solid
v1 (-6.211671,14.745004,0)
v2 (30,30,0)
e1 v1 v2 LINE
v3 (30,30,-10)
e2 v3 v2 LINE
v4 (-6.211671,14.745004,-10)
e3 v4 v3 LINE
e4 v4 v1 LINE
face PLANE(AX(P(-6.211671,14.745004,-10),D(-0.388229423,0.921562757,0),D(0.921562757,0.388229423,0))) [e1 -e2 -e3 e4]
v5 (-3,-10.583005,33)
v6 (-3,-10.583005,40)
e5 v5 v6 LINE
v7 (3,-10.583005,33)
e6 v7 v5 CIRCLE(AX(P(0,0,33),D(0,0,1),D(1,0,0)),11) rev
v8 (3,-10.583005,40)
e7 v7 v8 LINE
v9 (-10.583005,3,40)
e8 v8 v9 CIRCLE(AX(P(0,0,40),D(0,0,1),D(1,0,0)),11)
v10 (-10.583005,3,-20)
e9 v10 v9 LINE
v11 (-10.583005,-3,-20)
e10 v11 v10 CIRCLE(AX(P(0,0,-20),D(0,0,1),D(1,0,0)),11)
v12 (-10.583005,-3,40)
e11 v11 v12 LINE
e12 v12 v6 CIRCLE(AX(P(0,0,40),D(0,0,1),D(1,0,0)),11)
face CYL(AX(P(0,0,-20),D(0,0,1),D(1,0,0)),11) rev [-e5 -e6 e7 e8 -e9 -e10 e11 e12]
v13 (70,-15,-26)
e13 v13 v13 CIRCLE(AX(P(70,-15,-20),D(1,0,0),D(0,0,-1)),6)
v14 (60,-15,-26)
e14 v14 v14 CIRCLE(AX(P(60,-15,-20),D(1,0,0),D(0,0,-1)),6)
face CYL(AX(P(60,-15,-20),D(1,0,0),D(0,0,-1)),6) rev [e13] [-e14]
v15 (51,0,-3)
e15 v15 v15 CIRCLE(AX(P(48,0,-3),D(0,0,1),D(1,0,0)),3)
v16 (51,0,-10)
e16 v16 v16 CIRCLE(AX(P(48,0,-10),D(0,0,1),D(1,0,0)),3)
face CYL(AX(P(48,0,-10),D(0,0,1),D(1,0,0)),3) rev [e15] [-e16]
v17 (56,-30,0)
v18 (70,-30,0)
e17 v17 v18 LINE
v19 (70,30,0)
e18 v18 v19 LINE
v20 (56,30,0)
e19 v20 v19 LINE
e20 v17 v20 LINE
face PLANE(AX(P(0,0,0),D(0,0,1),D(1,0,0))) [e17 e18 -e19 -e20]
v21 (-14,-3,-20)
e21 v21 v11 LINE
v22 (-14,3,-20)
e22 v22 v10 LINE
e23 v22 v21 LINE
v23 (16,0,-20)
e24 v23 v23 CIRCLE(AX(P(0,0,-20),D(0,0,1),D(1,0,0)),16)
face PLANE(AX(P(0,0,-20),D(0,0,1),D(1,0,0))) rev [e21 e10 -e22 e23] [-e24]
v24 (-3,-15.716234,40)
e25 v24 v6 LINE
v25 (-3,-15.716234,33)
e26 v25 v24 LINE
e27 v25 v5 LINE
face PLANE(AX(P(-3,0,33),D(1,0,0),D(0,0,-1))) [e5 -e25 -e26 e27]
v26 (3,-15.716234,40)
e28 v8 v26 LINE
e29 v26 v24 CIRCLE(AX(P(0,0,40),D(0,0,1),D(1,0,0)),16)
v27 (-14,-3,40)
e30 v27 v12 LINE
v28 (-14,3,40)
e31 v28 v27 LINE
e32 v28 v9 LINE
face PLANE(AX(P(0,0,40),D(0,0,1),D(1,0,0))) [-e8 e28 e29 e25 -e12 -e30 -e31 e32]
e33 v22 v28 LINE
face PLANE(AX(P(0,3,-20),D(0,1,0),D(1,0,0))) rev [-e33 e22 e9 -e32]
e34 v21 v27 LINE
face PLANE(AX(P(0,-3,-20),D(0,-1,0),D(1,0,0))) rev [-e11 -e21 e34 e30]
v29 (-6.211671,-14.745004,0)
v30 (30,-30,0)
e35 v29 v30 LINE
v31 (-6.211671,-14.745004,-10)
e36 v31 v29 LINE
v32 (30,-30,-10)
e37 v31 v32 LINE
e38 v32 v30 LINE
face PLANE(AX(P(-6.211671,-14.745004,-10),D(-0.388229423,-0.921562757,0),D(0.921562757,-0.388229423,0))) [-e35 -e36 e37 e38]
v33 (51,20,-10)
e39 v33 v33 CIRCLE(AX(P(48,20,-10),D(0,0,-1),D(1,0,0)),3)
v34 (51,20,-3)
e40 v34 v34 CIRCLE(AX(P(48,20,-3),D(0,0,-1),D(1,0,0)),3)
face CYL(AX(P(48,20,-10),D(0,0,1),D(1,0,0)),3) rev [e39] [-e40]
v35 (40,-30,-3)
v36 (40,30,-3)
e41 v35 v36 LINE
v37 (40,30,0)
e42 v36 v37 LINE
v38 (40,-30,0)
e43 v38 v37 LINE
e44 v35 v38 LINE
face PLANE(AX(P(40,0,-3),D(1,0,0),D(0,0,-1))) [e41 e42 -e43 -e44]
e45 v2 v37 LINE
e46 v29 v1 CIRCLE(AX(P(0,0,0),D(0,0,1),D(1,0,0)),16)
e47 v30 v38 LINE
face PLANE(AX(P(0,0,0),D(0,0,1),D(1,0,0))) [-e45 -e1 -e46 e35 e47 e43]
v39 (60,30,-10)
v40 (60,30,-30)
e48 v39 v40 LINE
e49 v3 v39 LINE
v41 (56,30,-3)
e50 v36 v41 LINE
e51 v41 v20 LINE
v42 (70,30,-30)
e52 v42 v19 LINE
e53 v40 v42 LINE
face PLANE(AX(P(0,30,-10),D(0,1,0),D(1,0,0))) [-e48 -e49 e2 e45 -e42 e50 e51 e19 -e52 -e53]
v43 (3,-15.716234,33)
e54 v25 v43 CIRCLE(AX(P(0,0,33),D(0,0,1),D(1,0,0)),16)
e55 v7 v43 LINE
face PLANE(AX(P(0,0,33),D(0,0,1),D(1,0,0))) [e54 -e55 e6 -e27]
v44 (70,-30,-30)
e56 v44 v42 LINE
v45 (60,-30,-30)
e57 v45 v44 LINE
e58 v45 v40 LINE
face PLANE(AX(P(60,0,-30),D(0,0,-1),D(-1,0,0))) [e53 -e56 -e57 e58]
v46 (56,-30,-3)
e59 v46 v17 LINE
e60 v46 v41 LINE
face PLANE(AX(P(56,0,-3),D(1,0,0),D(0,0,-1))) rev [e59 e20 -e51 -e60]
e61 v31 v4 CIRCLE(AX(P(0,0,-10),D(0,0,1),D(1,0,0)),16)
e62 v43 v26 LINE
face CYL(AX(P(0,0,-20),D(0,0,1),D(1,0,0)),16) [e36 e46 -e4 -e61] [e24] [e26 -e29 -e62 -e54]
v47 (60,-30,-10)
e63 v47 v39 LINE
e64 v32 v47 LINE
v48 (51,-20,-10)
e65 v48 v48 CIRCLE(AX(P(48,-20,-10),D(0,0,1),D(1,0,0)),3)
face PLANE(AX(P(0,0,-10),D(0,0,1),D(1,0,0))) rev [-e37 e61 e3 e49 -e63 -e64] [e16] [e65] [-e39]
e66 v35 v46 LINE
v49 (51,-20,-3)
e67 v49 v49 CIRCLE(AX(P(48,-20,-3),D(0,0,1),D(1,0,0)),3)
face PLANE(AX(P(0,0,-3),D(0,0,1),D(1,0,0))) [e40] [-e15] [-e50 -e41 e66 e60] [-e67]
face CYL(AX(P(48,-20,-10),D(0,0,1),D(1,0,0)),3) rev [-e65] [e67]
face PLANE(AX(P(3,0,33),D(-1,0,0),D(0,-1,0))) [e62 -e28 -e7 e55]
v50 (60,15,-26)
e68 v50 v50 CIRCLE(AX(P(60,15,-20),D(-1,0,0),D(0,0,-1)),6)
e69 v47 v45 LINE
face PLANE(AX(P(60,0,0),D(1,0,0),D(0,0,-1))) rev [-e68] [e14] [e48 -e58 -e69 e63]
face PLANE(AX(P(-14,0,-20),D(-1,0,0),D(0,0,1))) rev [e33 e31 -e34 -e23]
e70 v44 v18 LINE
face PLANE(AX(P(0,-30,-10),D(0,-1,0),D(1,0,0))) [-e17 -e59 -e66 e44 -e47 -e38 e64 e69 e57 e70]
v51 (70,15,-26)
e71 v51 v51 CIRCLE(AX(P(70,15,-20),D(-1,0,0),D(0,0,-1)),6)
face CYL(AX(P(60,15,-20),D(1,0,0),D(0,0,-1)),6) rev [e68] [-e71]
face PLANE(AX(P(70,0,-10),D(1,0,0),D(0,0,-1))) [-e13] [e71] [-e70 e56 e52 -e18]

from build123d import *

# Parameters (mm, degrees)
SKETCH2_R                = 3
BOSS_EXTRUDE1_DEPTH      = 10
SKETCH2_5_R              = 3
CUT_EXTRUDE1_DEPTH       = 3
BOSS_EXTRUDE2_DEPTH      = 40
BOSS_EXTRUDE2_DEPTH_BACK = 20
SKETCH3_W                = 30
SKETCH3_H                = 20
SKETCH3_R                = 6
BOSS_EXTRUDE3_DEPTH      = 10
CUT_EXTRUDE2_START       = -7
CUT_EXTRUDE2_DEPTH       = 7


with BuildPart() as part:
    # Sketch2 → Boss-Extrude1 (new body)
    with BuildSketch(Plane(origin=(0, 0, 0), x_dir=(0, 1, 0), z_dir=(0, 0, 1))):
        with BuildLine():
            ThreePointArc((0, -16), (-13.330167524, -8.849103559), (-14.745004109, 6.211670776))
            Line((-14.745004109, 6.211670776), (-30, -30))
            Line((-30, -30), (-30, -70))
            Line((-30, -70), (0, -70))
            Line((0, -70), (0, -51))
            ThreePointArc((0, -51), (-3, -48), (0, -45))
            Line((0, -45), (0, -16))
        make_face()
        with Locations((-20, -48)):
            Circle(SKETCH2_R, mode=Mode.SUBTRACT)
    extrude(amount=-BOSS_EXTRUDE1_DEPTH)

    # Sketch2<5> → Cut-Extrude1 (cut)
    with BuildSketch(Plane(origin=(0, 0, 0), x_dir=(0, 1, 0), z_dir=(0, 0, 1))):
        with BuildLine():
            Line((0, -40), (-30, -40))
            Line((-30, -40), (-30, -56))
            Line((-30, -56), (0, -56))
            Line((0, -56), (0, -51))
            ThreePointArc((0, -51), (-3, -48), (0, -45))
            Line((0, -45), (0, -40))
        make_face()
        with Locations((-20, -48)):
            Circle(SKETCH2_5_R, mode=Mode.SUBTRACT)
    extrude(amount=-CUT_EXTRUDE1_DEPTH, mode=Mode.SUBTRACT)

    # Sketch2<6> → Boss-Extrude2 (add, two sides: drawn at the far end of the back side and taken through both)
    with BuildSketch(Plane(origin=(0, 0, 0), x_dir=(0, 1, 0), z_dir=(0, 0, 1)).offset(-BOSS_EXTRUDE2_DEPTH_BACK)):
        with BuildLine():
            ThreePointArc((0, 16), (-8.849103559, 13.330167524), (-14.745004109, 6.211670776))
            ThreePointArc((-14.745004109, 6.211670776), (-13.330167524, -8.849103559), (0, -16))
            Line((0, -16), (0, -11))
            ThreePointArc((0, -11), (-10.895252583, -1.514421063), (-3, 10.583005244))
            Line((-3, 10.583005244), (-3, 14))
            Line((-3, 14), (0, 14))
            Line((0, 14), (0, 16))
        make_face()
    extrude(amount=BOSS_EXTRUDE2_DEPTH + BOSS_EXTRUDE2_DEPTH_BACK)

    # Sketch3 → Boss-Extrude3 (add)
    with BuildSketch(Plane.YZ.offset(70)):
        with Locations((-15, -20)):
            Rectangle(SKETCH3_W, SKETCH3_H)
        with Locations((-15, -20)):
            Circle(SKETCH3_R, mode=Mode.SUBTRACT)
    extrude(amount=-BOSS_EXTRUDE3_DEPTH)

    # Mirror1: part across plane


with BuildPart() as part_1:
    add(part.part)
    add(part.part.mirror(Plane(origin=(0, 0, -10), x_dir=(0, 0, 1), z_dir=(0, 1, 0))))

    # Sketch4 → Cut-Extrude2 (cut)
    with BuildSketch(Plane.XY.offset(40).offset(CUT_EXTRUDE2_START)):
        with BuildLine():
            ThreePointArc((3, -10.583005244), (0, -11), (-3, -10.583005244))
            Line((-3, -10.583005244), (-3, -15.716233646))
            ThreePointArc((-3, -15.716233646), (0, -16), (3, -15.716233646))
            Line((3, -15.716233646), (3, -10.583005244))
        make_face()
    extrude(amount=CUT_EXTRUDE2_DEPTH, mode=Mode.SUBTRACT)


solid = part_1.part
